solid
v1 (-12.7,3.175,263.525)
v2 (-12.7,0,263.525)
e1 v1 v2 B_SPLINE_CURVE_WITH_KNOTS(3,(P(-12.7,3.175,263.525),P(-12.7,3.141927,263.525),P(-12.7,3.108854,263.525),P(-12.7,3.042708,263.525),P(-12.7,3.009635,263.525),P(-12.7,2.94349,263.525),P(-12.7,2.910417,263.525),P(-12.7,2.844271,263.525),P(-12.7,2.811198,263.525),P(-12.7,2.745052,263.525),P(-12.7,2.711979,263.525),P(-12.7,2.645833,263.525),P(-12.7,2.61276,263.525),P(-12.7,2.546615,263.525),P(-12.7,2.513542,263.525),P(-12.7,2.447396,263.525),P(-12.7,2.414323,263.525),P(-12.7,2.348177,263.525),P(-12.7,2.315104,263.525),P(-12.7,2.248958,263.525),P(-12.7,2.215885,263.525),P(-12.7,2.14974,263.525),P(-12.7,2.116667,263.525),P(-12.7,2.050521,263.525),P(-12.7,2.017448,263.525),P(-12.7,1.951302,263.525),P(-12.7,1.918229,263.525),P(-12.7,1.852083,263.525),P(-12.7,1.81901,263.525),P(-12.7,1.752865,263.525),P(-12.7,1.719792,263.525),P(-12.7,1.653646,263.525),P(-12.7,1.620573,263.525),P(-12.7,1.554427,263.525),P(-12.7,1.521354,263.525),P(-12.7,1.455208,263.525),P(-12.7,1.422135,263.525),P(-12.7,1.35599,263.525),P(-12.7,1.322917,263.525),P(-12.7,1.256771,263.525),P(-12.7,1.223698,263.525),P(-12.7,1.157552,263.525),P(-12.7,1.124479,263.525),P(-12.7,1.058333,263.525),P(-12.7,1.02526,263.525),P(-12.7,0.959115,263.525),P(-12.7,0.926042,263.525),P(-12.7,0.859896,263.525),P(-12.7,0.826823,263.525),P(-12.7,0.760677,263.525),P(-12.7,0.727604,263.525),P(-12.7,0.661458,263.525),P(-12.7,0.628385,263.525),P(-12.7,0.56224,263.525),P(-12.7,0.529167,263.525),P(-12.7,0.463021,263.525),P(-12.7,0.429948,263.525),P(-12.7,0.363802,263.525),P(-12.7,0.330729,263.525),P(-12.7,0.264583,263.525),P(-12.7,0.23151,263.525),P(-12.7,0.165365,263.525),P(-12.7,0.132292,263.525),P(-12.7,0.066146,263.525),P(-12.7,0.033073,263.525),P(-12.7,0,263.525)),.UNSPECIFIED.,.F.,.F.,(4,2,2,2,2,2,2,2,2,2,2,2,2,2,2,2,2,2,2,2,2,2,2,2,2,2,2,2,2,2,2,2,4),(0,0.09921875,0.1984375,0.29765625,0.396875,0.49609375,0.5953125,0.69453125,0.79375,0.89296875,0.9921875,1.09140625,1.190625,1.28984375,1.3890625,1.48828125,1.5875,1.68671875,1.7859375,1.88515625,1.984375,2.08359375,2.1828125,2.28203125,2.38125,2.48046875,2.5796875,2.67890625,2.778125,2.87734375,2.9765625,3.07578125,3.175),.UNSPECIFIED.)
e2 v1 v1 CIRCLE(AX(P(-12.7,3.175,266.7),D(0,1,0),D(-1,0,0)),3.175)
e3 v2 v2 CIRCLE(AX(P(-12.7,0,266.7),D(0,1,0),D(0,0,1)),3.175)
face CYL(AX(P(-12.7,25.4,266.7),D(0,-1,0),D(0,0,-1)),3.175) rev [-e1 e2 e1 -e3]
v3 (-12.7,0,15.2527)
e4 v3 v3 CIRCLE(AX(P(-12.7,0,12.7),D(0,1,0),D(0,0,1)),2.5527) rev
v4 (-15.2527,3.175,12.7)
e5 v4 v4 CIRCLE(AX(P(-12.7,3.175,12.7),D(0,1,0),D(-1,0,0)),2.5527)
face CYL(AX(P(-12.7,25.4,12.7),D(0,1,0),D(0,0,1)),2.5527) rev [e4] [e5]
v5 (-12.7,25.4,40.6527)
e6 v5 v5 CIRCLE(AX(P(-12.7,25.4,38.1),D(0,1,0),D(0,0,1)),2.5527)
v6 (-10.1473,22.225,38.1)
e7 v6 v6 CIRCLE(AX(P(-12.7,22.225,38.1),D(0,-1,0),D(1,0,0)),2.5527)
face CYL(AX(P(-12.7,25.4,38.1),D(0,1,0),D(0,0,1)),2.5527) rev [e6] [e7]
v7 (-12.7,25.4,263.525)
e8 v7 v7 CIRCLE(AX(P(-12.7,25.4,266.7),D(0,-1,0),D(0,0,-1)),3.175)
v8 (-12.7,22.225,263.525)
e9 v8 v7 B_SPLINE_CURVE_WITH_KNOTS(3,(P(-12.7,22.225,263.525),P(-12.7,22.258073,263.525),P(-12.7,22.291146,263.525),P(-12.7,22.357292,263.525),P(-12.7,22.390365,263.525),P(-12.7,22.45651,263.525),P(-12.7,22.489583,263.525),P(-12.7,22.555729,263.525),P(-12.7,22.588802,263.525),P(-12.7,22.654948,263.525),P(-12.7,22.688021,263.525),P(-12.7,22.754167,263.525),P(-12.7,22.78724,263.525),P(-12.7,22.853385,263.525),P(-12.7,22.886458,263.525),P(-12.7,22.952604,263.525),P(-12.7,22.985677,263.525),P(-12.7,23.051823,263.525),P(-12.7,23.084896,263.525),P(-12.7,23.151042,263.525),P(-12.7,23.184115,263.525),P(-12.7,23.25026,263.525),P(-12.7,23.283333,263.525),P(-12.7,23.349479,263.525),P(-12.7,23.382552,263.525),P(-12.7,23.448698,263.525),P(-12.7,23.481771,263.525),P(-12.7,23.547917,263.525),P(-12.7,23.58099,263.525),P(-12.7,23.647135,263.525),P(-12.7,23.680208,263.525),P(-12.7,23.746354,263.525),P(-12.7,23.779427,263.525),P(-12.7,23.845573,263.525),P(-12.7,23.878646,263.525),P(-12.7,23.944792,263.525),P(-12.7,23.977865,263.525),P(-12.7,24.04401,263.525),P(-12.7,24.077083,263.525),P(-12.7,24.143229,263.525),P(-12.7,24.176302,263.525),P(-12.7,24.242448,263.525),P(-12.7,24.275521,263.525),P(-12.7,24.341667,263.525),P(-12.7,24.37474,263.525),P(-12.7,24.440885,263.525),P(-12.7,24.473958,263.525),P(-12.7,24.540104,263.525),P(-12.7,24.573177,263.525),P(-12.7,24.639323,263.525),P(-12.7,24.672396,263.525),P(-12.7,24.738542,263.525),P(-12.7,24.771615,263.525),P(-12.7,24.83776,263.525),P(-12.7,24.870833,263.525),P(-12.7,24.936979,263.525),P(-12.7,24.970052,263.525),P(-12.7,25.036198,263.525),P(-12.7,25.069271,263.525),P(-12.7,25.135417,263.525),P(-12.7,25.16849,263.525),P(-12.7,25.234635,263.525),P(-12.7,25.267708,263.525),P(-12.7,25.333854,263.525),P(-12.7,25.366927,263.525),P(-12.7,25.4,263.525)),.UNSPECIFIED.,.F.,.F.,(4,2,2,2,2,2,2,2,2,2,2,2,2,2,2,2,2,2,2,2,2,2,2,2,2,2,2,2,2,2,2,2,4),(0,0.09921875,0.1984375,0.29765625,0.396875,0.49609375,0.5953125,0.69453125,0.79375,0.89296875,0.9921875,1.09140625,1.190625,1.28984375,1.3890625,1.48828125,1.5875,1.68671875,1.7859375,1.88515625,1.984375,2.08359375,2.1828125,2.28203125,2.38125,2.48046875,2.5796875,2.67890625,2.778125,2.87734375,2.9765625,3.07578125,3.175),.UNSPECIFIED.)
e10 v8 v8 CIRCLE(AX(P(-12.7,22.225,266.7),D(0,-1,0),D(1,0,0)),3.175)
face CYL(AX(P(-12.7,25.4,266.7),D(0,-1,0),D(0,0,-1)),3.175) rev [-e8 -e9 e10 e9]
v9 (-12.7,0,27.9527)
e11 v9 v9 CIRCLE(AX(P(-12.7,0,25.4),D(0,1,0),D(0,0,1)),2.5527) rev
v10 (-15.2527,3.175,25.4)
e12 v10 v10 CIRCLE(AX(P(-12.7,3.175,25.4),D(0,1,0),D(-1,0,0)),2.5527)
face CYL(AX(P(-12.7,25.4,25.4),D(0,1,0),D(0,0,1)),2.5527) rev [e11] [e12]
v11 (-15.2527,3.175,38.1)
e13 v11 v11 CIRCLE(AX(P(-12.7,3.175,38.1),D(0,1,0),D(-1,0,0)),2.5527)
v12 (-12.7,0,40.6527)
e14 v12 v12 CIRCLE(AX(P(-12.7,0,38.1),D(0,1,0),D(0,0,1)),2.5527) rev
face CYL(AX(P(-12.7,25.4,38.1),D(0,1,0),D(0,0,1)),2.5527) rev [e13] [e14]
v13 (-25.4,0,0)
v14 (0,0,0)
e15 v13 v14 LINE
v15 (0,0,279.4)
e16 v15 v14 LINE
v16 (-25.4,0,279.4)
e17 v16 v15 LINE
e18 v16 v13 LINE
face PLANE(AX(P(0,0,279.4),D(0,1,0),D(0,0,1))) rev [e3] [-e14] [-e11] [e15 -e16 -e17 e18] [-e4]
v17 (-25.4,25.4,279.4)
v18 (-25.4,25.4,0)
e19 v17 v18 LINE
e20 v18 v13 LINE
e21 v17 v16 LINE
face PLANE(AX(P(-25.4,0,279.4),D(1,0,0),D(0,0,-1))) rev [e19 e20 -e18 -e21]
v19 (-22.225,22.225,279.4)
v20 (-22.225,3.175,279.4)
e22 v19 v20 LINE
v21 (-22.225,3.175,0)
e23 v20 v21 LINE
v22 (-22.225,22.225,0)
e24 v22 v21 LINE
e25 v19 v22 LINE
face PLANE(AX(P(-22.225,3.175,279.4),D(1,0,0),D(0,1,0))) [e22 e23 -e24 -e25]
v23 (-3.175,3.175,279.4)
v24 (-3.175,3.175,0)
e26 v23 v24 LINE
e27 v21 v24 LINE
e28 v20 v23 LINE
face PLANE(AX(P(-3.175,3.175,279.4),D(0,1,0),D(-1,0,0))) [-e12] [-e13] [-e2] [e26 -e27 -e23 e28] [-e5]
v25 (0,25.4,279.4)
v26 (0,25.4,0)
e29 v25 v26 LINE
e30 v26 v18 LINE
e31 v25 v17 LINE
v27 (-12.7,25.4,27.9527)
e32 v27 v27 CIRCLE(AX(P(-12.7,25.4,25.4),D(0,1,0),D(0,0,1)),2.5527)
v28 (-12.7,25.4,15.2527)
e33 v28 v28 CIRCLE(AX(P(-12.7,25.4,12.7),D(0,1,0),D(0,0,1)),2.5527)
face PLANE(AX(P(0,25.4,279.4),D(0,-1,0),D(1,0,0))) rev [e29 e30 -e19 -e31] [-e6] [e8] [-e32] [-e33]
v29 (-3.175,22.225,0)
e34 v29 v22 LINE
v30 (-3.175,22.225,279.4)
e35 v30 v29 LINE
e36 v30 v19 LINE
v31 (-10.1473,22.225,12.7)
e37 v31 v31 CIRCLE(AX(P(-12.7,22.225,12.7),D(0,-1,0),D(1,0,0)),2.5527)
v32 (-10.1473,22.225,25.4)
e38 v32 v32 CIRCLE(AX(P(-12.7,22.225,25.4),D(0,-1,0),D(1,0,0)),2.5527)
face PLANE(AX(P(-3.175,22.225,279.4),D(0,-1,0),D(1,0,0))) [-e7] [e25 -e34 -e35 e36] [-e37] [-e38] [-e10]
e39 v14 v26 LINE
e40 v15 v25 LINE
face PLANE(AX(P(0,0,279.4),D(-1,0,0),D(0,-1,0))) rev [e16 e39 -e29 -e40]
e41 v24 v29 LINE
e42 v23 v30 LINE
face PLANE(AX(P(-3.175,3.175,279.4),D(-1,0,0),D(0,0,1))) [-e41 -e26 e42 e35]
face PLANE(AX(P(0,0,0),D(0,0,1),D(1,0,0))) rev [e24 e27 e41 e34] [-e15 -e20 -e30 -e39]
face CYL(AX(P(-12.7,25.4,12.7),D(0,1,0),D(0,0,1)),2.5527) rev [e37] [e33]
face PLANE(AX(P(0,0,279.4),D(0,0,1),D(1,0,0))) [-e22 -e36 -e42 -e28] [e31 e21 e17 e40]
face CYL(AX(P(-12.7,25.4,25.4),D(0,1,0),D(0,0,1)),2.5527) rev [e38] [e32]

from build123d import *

# Parameters (mm, degrees)
SKETCH1_W               = 25.4
SKETCH1_H               = 25.4
SKETCH1_W_2             = 19.05
SKETCH1_H_2             = 19.05
BOSS_EXTRUDE1_DEPTH     = 279.4
CUT_EXTRUDE1_DEPTH      = 282.699627263
CUT_EXTRUDE1_DEPTH_BACK = 282.699627263
SKETCH2_R               = 3.175
F_10_CLEARANCE_HOLE1_D  = 5.1054


with BuildPart() as part:
    # Sketch1 → Boss-Extrude1 (new body)
    with BuildSketch(Plane.XY):
        with Locations((-12.7, 12.7)):
            Rectangle(SKETCH1_W, SKETCH1_H)
        with Locations((-12.7, 12.7)):
            Rectangle(SKETCH1_W_2, SKETCH1_H_2, mode=Mode.SUBTRACT)
    extrude(amount=BOSS_EXTRUDE1_DEPTH)

    # Sketch2 → Cut-Extrude1 (cut, two sides: drawn at the far end of the back side and taken through both)
    with BuildSketch(Plane(origin=(0, 0, 0), x_dir=(-1, 0, 0), z_dir=(0, -1, 0)).offset(-CUT_EXTRUDE1_DEPTH_BACK)):
        with Locations(Location((12.7, -266.7, 0), (0, 0, 90))):
            Circle(SKETCH2_R)
    extrude(amount=CUT_EXTRUDE1_DEPTH + CUT_EXTRUDE1_DEPTH_BACK, mode=Mode.SUBTRACT)

    # #10 Clearance Hole1 (through all)
    with Locations(Plane(origin=(0, 25.4, 0), x_dir=(1, 0, 0), z_dir=(0, 1, 0))):
        with Locations((-12.7, -38.1), (-12.7, -25.4), (-12.7, -12.7)):
            Hole(F_10_CLEARANCE_HOLE1_D / 2)


solid = part.part
